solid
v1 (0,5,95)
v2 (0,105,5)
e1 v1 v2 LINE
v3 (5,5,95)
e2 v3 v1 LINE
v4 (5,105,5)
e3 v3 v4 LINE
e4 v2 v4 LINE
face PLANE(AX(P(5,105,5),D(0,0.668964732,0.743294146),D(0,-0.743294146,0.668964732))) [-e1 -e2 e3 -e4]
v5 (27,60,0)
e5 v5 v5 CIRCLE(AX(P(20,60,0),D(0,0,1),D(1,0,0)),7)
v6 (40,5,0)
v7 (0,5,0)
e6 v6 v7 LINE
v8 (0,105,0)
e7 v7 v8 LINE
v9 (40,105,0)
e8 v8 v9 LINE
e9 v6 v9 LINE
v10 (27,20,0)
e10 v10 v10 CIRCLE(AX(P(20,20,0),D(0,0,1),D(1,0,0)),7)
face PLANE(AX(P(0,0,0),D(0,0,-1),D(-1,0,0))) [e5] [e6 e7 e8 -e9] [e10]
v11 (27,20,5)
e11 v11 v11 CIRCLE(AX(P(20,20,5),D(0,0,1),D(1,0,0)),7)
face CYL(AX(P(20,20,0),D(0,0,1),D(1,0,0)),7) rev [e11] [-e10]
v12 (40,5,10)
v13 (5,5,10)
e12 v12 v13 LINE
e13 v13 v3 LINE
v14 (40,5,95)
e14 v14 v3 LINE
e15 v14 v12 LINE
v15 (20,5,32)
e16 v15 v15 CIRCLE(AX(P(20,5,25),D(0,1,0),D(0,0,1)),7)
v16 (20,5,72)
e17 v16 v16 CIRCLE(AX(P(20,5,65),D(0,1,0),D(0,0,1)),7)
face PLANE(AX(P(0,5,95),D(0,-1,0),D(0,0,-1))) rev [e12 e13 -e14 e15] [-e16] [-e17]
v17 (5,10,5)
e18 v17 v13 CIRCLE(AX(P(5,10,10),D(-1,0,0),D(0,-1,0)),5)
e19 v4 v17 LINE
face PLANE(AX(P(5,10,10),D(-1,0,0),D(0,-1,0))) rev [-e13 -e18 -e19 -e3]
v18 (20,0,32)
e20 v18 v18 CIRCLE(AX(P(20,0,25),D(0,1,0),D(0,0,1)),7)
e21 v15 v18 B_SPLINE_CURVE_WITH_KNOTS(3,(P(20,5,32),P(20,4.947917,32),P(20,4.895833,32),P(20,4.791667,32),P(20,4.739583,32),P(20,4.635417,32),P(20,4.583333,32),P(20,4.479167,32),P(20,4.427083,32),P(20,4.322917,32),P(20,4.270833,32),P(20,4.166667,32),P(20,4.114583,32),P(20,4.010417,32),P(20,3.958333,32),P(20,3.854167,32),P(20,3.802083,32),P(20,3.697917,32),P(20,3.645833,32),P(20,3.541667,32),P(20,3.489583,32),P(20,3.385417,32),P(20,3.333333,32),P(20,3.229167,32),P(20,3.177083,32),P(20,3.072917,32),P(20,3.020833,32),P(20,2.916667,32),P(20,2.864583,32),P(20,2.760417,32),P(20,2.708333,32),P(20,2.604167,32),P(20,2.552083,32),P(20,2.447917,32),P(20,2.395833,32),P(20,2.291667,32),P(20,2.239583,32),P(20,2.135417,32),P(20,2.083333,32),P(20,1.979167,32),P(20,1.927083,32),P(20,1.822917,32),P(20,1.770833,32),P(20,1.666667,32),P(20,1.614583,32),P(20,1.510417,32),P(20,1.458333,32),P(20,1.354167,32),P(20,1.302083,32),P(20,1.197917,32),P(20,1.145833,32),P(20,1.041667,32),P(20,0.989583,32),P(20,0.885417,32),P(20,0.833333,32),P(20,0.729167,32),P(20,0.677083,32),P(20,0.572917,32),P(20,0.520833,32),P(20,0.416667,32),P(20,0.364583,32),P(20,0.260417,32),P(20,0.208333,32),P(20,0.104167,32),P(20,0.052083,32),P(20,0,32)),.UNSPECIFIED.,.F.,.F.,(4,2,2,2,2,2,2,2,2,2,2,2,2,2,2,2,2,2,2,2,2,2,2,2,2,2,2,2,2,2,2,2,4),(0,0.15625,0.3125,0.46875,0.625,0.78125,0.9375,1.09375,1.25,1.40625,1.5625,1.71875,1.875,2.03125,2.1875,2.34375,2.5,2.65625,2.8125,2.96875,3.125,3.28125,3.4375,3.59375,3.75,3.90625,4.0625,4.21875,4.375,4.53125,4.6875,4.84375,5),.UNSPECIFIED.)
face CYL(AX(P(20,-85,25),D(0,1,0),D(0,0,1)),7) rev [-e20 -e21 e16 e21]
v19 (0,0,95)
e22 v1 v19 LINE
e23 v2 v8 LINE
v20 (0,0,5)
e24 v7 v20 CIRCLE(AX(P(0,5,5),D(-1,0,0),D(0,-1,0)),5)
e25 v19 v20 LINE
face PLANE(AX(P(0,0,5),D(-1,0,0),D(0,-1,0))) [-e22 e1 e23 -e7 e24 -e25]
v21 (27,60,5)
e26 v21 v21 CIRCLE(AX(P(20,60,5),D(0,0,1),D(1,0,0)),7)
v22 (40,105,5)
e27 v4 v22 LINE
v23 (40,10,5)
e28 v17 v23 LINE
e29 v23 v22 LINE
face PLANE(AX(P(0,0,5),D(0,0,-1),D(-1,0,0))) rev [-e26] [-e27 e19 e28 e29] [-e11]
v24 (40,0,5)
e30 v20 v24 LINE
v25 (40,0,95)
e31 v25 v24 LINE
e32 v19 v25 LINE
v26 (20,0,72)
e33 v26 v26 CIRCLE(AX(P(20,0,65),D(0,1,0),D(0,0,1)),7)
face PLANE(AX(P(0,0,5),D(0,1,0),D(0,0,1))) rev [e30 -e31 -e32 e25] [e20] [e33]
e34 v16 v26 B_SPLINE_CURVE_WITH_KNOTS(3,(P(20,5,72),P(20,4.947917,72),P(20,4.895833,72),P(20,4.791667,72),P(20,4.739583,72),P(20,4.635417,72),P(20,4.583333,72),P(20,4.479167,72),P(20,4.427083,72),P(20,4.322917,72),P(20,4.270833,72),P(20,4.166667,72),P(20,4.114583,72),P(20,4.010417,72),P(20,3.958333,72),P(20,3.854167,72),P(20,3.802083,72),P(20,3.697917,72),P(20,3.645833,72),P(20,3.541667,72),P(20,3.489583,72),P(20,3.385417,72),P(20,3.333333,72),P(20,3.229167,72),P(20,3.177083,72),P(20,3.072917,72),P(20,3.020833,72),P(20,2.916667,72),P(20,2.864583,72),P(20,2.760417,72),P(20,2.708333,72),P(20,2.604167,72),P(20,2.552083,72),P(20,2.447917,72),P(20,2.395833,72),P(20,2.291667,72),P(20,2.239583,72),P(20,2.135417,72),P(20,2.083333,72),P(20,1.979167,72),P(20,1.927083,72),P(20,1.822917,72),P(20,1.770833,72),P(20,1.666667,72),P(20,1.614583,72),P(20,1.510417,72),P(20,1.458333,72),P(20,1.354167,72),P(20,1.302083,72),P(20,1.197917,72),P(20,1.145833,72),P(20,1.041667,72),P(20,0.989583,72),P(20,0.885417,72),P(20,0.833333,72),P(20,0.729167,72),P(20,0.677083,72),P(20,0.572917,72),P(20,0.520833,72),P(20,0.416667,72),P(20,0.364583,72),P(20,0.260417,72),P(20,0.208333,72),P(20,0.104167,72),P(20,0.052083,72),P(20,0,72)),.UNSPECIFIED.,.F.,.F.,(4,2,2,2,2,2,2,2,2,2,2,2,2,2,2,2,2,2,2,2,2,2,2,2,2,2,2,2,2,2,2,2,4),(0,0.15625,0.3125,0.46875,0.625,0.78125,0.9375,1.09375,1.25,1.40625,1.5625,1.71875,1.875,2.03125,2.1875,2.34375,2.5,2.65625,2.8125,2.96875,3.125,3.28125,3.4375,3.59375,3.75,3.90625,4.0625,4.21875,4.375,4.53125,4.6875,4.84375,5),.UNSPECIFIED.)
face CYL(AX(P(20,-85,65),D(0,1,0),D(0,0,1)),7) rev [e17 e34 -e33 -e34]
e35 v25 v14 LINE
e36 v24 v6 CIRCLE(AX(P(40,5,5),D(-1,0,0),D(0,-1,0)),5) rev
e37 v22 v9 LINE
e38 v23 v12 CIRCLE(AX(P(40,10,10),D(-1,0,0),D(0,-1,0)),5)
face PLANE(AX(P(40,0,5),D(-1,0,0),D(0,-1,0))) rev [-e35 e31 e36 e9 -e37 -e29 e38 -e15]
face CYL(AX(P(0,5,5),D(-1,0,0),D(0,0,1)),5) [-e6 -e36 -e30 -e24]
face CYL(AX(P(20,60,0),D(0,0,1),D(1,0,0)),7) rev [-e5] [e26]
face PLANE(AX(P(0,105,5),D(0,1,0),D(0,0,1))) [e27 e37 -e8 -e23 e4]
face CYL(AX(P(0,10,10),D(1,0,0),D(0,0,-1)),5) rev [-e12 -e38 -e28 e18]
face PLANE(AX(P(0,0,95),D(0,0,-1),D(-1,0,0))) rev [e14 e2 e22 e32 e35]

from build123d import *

# Parameters (mm, degrees)
CROQUIS1_W              = 40
CROQUIS1_H              = 105
SALIENTE_EXTRUIR1_DEPTH = 5
CROQUIS2_R              = 7
CORTAR_EXTRUIR1_DEPTH   = 5
CROQUIS2_3_R            = 7
CORTAR_EXTRUIR2_DEPTH   = 5
CROQUIS4_W              = 40
CROQUIS4_H              = 5
SALIENTE_EXTRUIR2_DEPTH = 90
CROQUIS5_R              = 7
CORTAR_EXTRUIR3_DEPTH   = 90
CROQUIS5_3_R            = 7
CORTAR_EXTRUIR4_DEPTH   = 90
REDONDEO3_R             = 5
REDONDEO4_R             = 5
SALIENTE_EXTRUIR3_START = -5
SALIENTE_EXTRUIR3_DEPTH = 5


with BuildPart() as part:
    # Croquis1 → Saliente-Extruir1 (new body)
    with BuildSketch(Plane.XY):
        with Locations((20, 52.5)):
            Rectangle(CROQUIS1_W, CROQUIS1_H)
    extrude(amount=SALIENTE_EXTRUIR1_DEPTH)

    # Croquis2 → Cortar-Extruir1 (cut)
    with BuildSketch(Plane.XY.offset(5)):
        with Locations((20, 60)):
            Circle(CROQUIS2_R)
    extrude(amount=-CORTAR_EXTRUIR1_DEPTH, mode=Mode.SUBTRACT)

    # Croquis2<3> → Cortar-Extruir2 (cut)
    with BuildSketch(Plane.XY.offset(5)):
        with Locations((20, 20)):
            Circle(CROQUIS2_3_R)
    extrude(amount=-CORTAR_EXTRUIR2_DEPTH, mode=Mode.SUBTRACT)

    # Croquis4 → Saliente-Extruir2 (add)
    with BuildSketch(Plane.XY.offset(5)):
        with Locations((20, 2.5)):
            Rectangle(CROQUIS4_W, CROQUIS4_H)
    extrude(amount=SALIENTE_EXTRUIR2_DEPTH)

    # Croquis5 → Cortar-Extruir3 (cut)
    with BuildSketch(Plane(origin=(0, 5, 0), x_dir=(1, 0, 0), z_dir=(0, 1, 0))):
        with Locations((20, -25)):
            Circle(CROQUIS5_R)
    extrude(amount=-CORTAR_EXTRUIR3_DEPTH, mode=Mode.SUBTRACT)

    # Croquis5<3> → Cortar-Extruir4 (cut)
    with BuildSketch(Plane(origin=(0, 5, 0), x_dir=(1, 0, 0), z_dir=(0, 1, 0))):
        with Locations((20, -25)):
            Circle(CROQUIS5_3_R)
        with Locations((20, -65)):
            Circle(CROQUIS5_3_R)
    extrude(amount=-CORTAR_EXTRUIR4_DEPTH, mode=Mode.SUBTRACT)

    # Redondeo3
    redondeo3_edges = [part.edges().sort_by_distance(p)[0] for p in [
        (20, 5, 5),
    ]]
    fillet(redondeo3_edges, radius=REDONDEO3_R)

    # Redondeo4
    redondeo4_edges = [part.edges().sort_by_distance(p)[0] for p in [
        (20, 0, 0),
    ]]
    fillet(redondeo4_edges, radius=REDONDEO4_R)

    # Croquis6 → Saliente-Extruir3 (add)
    with BuildSketch(Plane.ZY.offset(SALIENTE_EXTRUIR3_START)):
        with BuildLine():
            Line((5, 105), (95, 5))
            Line((95, 5), (10, 5))
            ThreePointArc((10, 5), (6.464466094, 6.464466094), (5, 10))
            Line((5, 10), (5, 105))
        make_face()
    extrude(amount=SALIENTE_EXTRUIR3_DEPTH)


solid = part.part
